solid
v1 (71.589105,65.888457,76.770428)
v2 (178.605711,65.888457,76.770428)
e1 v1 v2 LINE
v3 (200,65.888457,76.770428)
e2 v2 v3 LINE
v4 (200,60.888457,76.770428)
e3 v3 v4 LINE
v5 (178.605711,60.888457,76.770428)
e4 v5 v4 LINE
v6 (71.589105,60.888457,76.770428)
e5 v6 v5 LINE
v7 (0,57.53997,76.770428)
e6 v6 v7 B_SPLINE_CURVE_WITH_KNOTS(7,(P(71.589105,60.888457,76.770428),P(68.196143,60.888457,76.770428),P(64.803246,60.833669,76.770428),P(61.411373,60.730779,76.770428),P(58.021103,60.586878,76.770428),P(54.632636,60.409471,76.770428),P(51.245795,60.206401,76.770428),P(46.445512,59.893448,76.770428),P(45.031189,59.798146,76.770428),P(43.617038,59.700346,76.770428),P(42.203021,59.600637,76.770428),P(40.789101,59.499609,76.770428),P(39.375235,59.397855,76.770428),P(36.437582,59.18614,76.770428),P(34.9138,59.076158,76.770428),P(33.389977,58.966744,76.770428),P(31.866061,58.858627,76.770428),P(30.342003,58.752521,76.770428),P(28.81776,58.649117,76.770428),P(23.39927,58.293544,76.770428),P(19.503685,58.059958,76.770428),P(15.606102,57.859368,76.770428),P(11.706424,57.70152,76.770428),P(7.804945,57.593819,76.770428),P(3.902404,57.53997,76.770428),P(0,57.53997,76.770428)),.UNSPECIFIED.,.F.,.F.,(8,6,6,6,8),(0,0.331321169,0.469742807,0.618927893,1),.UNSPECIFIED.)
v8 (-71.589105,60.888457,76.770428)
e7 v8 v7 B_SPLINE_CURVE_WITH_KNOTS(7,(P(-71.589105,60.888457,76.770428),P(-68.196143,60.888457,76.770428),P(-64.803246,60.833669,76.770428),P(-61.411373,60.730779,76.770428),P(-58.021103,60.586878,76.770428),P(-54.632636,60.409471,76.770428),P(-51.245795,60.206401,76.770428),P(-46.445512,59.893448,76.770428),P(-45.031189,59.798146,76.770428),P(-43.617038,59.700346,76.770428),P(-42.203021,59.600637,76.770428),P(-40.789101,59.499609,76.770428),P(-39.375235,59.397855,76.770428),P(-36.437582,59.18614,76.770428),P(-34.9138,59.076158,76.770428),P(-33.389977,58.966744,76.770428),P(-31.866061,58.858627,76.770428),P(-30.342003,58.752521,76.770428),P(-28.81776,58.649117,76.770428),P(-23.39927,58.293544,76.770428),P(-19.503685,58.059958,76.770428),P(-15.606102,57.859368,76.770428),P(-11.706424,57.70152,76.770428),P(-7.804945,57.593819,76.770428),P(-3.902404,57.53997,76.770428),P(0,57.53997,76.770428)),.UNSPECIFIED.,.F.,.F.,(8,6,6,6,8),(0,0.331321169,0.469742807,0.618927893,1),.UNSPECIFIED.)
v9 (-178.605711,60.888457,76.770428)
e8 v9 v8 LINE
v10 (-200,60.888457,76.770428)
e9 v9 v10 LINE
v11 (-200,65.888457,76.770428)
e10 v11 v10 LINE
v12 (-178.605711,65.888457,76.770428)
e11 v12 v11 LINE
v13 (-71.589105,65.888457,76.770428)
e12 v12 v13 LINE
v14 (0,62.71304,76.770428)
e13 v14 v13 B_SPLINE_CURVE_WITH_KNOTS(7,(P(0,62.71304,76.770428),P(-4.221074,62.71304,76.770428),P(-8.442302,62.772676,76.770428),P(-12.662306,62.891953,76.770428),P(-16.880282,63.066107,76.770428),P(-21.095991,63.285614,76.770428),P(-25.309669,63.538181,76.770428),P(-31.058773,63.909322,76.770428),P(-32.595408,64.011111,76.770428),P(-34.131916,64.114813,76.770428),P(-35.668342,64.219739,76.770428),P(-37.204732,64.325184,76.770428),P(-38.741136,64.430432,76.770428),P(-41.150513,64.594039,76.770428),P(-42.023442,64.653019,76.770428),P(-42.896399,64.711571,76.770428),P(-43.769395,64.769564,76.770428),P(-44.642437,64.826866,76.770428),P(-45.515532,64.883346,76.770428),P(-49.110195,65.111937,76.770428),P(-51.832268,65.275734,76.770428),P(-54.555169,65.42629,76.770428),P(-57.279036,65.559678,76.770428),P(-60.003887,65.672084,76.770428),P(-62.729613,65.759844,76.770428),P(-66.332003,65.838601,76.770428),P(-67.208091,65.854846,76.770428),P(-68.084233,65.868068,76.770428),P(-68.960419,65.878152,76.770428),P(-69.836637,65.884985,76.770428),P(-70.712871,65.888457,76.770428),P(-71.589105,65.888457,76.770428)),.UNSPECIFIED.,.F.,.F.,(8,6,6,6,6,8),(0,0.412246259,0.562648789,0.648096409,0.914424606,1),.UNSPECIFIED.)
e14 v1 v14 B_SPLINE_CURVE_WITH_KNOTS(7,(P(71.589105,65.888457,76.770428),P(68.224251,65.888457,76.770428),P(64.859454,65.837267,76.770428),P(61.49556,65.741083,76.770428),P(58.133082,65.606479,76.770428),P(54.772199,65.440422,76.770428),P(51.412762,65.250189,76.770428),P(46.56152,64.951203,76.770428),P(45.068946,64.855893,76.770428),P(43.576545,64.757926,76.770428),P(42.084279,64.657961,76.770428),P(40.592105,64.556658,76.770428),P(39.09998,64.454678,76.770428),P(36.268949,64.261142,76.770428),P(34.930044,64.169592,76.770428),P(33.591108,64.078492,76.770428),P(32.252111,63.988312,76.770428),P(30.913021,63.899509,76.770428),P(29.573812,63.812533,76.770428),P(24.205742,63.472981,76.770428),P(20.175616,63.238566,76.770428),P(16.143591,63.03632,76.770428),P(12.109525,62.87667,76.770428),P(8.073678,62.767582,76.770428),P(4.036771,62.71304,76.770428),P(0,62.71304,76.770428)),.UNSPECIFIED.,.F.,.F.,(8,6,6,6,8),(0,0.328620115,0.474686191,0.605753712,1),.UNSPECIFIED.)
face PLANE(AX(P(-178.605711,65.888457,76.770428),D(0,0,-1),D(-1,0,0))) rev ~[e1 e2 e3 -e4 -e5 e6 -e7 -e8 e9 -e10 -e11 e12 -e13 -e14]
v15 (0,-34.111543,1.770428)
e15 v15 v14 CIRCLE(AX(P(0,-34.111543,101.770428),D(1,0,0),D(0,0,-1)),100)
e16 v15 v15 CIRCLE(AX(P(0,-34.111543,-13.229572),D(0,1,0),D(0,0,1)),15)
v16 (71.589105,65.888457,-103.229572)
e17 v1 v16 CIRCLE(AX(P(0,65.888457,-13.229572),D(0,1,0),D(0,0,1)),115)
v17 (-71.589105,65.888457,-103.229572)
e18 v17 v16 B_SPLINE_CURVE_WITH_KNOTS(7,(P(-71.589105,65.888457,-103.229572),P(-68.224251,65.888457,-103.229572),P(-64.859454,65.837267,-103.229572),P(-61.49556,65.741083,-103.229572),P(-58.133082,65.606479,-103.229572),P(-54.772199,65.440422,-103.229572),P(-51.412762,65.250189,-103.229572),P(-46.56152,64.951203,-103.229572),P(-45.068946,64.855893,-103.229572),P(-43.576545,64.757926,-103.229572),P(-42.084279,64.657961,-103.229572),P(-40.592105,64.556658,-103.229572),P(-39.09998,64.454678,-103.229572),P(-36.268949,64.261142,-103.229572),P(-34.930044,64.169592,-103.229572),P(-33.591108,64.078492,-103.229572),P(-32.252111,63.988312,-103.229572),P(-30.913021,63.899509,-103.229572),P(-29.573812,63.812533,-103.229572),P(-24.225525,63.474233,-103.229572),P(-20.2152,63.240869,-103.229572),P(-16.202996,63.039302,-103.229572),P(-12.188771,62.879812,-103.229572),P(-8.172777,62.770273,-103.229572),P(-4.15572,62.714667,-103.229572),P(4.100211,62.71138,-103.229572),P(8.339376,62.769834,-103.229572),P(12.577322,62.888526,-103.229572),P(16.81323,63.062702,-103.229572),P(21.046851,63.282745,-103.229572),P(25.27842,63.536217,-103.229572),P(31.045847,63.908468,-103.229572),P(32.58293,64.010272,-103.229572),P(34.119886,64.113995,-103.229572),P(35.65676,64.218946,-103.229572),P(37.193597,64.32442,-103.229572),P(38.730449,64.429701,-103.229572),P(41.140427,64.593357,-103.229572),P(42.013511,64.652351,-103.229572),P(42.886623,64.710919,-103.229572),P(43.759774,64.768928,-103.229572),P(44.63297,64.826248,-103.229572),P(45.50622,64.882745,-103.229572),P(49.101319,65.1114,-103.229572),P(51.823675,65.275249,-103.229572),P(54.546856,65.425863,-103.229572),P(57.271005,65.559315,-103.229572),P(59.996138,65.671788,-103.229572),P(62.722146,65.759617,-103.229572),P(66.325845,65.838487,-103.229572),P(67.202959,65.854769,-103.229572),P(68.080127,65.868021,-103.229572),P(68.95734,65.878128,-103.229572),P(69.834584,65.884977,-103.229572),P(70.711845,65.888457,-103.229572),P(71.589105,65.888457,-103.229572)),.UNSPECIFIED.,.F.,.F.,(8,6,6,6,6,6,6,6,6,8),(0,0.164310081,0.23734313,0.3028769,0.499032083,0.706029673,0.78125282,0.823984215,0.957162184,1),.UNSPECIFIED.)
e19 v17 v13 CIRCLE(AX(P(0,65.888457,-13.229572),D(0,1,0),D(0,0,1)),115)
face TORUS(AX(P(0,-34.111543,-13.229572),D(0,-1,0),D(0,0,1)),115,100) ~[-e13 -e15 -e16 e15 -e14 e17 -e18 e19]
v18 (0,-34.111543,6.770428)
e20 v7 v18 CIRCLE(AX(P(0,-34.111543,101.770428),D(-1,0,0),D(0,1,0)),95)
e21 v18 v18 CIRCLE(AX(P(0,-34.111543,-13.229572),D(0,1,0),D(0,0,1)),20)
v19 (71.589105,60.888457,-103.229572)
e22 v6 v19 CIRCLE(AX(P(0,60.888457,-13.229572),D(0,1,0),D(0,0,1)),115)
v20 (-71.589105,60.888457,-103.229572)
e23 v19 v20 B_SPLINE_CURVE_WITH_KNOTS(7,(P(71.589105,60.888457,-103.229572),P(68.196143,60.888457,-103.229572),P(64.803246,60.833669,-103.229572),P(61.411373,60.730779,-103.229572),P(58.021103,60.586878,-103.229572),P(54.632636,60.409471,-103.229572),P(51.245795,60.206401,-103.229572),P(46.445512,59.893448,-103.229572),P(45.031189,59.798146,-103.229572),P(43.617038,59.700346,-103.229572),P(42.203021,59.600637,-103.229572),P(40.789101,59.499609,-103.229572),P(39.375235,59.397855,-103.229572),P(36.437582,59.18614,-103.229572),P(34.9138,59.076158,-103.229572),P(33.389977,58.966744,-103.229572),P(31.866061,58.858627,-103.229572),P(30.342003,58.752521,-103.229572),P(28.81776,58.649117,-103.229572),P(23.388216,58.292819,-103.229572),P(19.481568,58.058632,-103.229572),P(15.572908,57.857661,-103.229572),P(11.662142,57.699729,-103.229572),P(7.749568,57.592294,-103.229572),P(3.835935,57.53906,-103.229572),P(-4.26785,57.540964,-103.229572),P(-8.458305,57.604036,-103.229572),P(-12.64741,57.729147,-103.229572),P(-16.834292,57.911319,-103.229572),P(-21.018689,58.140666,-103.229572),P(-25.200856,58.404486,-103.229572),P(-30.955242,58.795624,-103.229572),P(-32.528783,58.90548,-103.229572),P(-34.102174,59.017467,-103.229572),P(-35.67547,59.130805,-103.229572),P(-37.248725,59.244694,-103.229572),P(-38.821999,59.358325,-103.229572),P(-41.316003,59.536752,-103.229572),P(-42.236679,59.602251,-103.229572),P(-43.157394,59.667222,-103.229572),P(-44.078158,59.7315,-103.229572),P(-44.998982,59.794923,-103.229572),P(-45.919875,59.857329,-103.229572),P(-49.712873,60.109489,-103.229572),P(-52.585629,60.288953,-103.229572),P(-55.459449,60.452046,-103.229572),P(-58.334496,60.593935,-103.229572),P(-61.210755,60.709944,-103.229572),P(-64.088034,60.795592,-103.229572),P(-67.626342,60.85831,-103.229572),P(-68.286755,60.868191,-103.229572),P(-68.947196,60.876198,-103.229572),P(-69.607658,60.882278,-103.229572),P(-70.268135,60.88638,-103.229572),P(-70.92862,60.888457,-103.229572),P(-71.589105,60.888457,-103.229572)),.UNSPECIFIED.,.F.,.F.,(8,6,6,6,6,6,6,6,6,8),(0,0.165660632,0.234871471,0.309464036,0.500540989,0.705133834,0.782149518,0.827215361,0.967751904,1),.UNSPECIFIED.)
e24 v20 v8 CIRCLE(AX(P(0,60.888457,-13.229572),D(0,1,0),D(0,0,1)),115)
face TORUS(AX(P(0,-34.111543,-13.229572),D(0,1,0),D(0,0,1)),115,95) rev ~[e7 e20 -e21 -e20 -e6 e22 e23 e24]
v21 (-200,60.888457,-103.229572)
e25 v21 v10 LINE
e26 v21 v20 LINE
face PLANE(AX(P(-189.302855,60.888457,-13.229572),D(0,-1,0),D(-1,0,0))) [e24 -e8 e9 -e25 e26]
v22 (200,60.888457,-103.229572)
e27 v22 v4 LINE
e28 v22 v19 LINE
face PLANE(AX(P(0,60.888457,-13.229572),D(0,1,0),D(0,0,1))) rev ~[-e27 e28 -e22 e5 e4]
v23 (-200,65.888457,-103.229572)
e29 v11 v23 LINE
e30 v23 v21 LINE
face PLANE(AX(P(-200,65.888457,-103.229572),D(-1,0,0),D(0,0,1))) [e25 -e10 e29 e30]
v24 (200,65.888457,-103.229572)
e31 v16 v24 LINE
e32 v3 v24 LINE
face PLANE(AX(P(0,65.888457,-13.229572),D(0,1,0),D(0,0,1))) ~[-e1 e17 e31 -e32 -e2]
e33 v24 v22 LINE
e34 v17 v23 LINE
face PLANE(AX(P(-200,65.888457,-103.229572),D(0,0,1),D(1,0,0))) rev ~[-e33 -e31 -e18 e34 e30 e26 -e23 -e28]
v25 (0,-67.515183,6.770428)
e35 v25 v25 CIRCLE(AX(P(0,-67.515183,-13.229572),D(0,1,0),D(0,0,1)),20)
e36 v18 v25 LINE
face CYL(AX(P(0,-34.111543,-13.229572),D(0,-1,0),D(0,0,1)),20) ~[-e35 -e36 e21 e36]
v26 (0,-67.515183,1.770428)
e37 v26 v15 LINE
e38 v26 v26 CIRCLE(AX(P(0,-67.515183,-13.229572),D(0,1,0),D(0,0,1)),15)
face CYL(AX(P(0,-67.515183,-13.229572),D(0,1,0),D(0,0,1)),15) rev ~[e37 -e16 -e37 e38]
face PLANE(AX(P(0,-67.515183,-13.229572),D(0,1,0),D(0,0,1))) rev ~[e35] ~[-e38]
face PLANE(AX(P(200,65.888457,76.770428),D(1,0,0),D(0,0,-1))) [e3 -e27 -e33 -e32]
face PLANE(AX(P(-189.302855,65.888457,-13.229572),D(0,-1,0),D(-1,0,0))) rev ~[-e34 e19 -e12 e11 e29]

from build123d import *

# Parameters (mm, degrees)
ESQUISSE4_W             = 400
ESQUISSE4_H             = 131.578163935
ESQUISSE4_H_2           = 129.819251152
ENL_V_MAT_EXTRU_1_DEPTH = 10
BOSS_EXTRU_2_DEPTH      = 5


with BuildPart() as part:
    # Esquisse1 → Révolution3 (revolve)
    with BuildSketch(Plane(origin=(0, 0, 0), x_dir=(0, 0, -1), z_dir=(1, 0, 0))):
        with BuildLine():
            Line((-1.770428016, -67.515182568), (-1.770428016, -34.11154345))
            ThreePointArc((-1.770428016, -34.11154345), (-31.059749897, 36.599134669), (-101.770428016, 65.88845655))
            Line((-101.770428016, 65.88845655), (-186.770428016, 65.88845655))
            Line((-186.770428016, 65.88845655), (-186.770428016, 60.88845655))
            Line((-186.770428016, 60.88845655), (-101.770428016, 60.88845655))
            ThreePointArc((-101.770428016, 60.88845655), (-34.595283803, 33.063600763), (-6.770428016, -34.11154345))
            Line((-6.770428016, -34.11154345), (-6.770428016, -67.515182568))
            Line((-6.770428016, -67.515182568), (-1.770428016, -67.515182568))
        make_face()
    revolve(axis=Axis((0, -67.515182568, -13.229571984), (0, 1, 0)))

    # Esquisse4 → Enlèv. mat.-Extru.1 (cut)
    with BuildSketch(Plane(origin=(0, 65.88845655, 0), x_dir=(1, 0, 0), z_dir=(0, 1, 0))):
        with Locations((0, -142.559509983)):
            Rectangle(ESQUISSE4_W, ESQUISSE4_H)
        with Locations((0, 168.13919756)):
            Rectangle(ESQUISSE4_W, ESQUISSE4_H_2)
    extrude(amount=-ENL_V_MAT_EXTRU_1_DEPTH, mode=Mode.SUBTRACT)

    # Esquisse5 → Boss.-Extru.2 (add)
    with BuildSketch(Plane(origin=(0, 65.88845655, 0), x_dir=(1, 0, 0), z_dir=(0, 1, 0))):
        Polygon((-200, 13.229571984), (-200, 103.229571984), (-178.605710995, 103.229571984), (-178.605710995, -76.770428016), (-200, -76.770428016), align=None)
        Polygon((200, 13.229571984), (200, 103.229571984), (178.605710995, 103.229571984), (178.605710995, -76.770428016), (200, -76.770428016), align=None)
    extrude(amount=-BOSS_EXTRU_2_DEPTH)


solid = part.part
